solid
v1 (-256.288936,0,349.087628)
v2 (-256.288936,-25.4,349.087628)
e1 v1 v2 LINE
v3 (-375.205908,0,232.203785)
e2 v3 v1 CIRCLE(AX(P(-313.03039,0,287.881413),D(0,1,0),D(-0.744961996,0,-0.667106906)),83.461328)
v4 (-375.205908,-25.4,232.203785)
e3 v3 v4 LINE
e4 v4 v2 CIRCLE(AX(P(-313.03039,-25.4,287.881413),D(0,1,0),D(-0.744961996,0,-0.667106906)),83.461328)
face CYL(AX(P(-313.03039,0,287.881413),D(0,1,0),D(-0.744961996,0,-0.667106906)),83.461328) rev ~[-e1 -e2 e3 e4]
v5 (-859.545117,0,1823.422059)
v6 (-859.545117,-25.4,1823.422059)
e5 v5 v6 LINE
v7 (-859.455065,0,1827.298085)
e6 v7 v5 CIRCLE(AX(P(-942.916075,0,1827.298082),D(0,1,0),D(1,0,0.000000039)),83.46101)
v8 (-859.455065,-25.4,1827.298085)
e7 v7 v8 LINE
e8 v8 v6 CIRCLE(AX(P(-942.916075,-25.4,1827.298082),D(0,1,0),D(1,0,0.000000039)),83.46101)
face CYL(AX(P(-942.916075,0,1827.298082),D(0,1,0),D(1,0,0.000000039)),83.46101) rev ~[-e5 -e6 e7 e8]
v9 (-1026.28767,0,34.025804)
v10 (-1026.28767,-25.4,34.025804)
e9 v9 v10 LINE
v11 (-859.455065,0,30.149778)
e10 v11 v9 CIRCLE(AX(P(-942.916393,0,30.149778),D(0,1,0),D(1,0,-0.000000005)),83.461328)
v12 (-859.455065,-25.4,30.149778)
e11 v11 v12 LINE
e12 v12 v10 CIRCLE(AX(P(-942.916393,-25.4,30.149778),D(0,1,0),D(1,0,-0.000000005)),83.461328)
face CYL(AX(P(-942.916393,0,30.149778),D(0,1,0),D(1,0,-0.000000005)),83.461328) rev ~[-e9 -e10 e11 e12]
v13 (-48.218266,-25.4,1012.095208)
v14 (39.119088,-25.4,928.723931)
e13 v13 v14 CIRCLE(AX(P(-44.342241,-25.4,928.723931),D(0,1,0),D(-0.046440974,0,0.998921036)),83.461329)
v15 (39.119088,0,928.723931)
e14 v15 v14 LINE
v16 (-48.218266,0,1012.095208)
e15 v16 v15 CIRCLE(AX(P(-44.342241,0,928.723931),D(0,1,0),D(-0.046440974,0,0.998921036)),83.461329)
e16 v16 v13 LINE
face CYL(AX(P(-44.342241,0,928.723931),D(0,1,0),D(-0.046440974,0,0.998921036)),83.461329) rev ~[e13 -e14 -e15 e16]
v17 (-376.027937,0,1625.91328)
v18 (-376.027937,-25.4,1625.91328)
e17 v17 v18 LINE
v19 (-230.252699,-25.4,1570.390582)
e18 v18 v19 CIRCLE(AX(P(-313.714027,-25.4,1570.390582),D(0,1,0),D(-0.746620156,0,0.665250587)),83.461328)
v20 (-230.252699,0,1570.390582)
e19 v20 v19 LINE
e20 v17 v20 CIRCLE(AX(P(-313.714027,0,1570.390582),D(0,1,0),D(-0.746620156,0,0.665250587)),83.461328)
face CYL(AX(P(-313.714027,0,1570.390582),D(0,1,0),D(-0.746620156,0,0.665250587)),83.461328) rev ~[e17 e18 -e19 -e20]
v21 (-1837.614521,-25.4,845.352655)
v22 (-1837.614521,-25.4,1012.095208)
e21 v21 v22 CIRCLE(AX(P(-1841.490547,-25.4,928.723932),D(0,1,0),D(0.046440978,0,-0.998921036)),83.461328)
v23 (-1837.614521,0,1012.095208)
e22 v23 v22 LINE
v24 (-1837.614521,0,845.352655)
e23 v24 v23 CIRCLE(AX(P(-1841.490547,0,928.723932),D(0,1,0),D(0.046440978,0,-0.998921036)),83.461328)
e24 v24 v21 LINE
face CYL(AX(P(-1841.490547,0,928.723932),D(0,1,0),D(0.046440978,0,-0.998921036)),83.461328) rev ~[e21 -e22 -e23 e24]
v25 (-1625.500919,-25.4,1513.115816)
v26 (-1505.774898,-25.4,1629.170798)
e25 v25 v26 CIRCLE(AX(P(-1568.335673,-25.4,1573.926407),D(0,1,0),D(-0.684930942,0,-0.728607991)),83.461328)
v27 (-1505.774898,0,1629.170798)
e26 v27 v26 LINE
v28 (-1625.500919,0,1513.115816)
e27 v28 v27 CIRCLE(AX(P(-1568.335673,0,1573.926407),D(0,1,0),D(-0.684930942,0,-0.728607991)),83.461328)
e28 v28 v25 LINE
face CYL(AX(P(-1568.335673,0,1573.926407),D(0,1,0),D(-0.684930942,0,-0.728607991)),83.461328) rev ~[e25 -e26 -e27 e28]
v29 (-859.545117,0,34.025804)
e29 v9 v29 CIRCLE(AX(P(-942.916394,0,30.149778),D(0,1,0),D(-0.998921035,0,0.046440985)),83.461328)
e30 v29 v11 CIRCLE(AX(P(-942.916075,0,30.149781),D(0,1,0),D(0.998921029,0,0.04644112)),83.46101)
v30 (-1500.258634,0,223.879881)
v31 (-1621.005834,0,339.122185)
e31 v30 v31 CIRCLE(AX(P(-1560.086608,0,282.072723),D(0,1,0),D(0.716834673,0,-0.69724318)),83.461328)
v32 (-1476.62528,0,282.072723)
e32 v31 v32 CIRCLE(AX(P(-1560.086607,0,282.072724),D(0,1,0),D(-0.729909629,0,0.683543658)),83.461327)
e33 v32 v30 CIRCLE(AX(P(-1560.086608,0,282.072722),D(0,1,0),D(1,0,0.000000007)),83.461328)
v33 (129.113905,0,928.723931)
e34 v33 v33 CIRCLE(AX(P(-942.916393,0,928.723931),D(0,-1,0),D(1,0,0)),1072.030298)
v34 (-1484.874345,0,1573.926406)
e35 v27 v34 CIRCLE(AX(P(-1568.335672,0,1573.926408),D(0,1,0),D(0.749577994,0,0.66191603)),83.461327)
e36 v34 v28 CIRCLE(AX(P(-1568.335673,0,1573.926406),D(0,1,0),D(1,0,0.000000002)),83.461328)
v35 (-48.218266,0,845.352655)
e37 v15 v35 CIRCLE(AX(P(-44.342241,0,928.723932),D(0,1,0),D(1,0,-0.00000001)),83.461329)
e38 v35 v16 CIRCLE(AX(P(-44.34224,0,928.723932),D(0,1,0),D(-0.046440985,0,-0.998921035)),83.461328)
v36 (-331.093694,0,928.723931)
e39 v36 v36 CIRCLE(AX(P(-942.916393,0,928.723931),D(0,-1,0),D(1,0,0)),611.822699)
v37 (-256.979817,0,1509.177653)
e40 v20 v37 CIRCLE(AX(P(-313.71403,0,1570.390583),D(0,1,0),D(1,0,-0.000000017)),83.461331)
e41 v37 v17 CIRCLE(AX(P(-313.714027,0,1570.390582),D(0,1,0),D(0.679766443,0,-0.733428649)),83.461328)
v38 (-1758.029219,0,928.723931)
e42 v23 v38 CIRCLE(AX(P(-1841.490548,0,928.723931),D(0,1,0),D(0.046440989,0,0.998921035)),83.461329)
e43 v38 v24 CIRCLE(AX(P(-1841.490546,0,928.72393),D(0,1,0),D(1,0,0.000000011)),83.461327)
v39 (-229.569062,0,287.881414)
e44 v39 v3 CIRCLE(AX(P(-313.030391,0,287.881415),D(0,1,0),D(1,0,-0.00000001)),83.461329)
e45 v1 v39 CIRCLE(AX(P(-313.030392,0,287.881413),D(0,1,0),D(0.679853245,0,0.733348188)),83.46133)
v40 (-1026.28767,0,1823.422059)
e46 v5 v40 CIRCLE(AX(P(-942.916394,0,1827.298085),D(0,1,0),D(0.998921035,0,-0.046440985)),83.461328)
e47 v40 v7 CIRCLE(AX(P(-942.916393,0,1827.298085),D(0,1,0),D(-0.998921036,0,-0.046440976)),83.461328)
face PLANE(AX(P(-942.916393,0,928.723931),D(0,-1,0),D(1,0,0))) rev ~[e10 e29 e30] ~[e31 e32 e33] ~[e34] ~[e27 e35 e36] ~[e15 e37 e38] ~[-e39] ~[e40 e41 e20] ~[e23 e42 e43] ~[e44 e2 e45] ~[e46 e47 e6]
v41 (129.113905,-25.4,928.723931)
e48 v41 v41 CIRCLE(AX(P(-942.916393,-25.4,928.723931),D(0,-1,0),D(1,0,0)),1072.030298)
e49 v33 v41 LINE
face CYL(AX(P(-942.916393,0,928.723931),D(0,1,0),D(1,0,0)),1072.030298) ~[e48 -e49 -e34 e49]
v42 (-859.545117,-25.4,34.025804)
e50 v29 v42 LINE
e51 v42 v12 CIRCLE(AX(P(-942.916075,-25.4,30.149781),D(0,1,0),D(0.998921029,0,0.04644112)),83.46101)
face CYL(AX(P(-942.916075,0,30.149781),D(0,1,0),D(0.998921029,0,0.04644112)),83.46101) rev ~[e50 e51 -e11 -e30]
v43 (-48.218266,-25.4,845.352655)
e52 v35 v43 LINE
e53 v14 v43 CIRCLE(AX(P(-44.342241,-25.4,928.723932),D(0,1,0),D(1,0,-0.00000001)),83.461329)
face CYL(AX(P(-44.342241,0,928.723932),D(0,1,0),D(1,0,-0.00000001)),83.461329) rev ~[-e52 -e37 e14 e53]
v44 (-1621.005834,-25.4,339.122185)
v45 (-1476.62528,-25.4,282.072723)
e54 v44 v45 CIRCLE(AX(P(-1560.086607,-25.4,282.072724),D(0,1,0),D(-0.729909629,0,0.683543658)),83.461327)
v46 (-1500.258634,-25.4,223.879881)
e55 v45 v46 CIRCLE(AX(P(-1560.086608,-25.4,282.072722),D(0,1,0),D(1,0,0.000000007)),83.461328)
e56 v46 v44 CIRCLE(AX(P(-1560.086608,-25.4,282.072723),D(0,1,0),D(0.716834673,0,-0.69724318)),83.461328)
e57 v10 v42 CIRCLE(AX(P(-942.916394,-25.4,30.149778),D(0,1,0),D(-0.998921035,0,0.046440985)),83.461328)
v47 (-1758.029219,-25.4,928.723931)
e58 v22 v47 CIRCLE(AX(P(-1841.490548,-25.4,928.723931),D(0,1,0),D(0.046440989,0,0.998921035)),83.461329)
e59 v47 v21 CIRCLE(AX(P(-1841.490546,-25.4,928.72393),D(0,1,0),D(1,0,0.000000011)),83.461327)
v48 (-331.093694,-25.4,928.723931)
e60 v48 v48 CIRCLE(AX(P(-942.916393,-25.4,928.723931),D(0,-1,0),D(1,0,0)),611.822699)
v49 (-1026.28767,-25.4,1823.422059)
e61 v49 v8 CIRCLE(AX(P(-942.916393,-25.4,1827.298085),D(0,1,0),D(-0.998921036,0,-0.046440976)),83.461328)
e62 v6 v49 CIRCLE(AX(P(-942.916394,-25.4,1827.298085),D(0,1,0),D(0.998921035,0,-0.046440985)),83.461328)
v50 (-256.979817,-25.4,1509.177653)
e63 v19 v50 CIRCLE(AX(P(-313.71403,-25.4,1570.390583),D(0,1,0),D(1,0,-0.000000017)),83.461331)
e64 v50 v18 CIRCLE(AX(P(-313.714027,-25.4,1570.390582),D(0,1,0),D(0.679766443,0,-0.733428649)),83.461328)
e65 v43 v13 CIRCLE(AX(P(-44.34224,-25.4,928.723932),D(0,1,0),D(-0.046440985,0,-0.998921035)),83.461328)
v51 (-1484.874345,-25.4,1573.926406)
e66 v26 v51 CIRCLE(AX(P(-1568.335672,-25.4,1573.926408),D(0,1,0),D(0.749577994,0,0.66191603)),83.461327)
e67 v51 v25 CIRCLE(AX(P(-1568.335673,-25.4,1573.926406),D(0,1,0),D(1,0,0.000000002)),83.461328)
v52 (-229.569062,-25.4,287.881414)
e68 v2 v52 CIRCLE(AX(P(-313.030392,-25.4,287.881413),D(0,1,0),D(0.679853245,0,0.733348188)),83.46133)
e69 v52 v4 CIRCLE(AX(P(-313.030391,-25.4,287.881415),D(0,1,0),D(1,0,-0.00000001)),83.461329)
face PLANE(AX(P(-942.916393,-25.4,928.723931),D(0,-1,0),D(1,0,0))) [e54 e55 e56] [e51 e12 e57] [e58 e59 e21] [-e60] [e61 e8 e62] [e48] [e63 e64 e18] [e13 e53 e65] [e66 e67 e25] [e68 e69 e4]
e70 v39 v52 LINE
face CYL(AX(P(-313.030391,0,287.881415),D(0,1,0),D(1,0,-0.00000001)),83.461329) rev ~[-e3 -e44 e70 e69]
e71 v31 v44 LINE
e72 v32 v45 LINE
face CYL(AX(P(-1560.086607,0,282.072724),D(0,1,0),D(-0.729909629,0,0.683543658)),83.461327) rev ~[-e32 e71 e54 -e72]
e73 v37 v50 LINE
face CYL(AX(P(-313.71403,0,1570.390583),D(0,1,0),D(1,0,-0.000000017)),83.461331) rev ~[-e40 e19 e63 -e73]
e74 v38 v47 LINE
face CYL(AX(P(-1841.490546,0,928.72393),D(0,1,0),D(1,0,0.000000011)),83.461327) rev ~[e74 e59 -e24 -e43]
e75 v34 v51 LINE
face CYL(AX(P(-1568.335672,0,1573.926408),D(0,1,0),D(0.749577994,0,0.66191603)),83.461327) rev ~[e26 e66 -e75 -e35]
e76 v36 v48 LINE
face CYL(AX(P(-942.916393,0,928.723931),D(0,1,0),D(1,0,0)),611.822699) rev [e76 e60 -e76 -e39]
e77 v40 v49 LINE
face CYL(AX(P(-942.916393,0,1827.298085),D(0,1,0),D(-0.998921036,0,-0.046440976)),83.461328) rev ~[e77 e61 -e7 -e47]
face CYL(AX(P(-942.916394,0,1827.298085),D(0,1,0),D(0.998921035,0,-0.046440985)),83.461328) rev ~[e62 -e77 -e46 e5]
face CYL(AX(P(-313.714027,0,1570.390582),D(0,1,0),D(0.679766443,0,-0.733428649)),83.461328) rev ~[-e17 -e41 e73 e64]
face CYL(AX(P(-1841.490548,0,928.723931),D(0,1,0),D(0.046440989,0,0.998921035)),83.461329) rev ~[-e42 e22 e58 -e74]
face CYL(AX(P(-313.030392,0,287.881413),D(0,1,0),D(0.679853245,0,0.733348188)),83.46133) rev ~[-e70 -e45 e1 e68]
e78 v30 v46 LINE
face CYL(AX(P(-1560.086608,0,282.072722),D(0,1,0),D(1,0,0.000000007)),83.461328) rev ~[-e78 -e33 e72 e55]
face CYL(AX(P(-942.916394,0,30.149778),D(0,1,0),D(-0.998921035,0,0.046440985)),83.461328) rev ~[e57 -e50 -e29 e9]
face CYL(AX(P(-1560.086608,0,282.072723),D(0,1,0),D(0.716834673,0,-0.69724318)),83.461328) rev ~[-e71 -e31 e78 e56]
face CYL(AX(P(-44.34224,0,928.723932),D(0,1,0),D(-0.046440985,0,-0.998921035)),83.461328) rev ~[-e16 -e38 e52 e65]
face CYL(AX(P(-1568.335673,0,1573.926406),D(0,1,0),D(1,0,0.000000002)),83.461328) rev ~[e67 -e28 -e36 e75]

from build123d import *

# Parameters (mm, degrees)
F0_R     = 1072.030298
F0_R_2   = 611.822699
F1_DEPTH = 25.4


with BuildPart() as f1:
    # F0 (on Front) → F1 (new body)
    with BuildSketch(Plane.XZ):
        with Locations((-942.916393, 928.723931)):
            Circle(F0_R)
        with BuildLine():
            ThreePointArc((-256.979817, 1509.177653), (-114.439323, 1276.662508), (-48.218266, 1012.095208))
            ThreePointArc((-48.218266, 1012.095208), (13.287158, 989.094833), (39.119088, 928.723931))
            ThreePointArc((39.119088, 928.723931), (13.287158, 868.35303), (-48.218266, 845.352655))
            ThreePointArc((-48.218266, 845.352655), (-114.232258, 581.278808), (-256.288936, 349.087628))
            ThreePointArc((-256.288936, 349.087628), (-236.540161, 321.2736), (-229.569062, 287.881414))
            ThreePointArc((-229.569062, 287.881414), (-283.226515, 209.922949), (-375.205908, 232.203785))
            ThreePointArc((-375.205908, 232.203785), (-602.629025, 97.074957), (-859.545117, 34.025804))
            ThreePointArc((-859.545117, 34.025804), (-859.477581, 32.088314), (-859.455065, 30.149778))
            ThreePointArc((-859.455065, 30.149778), (-944.854929, -53.289034), (-1026.28767, 34.025804))
            ThreePointArc((-1026.28767, 34.025804), (-1277.041513, 94.580111), (-1500.258634, 223.879881))
            ThreePointArc((-1500.258634, 223.879881), (-1617.710343, 221.696416), (-1621.005834, 339.122185))
            ThreePointArc((-1621.005834, 339.122185), (-1769.041388, 575.237011), (-1837.614521, 845.352655))
            ThreePointArc((-1837.614521, 845.352655), (-1924.951875, 928.723931), (-1837.614521, 1012.095208))
            ThreePointArc((-1837.614521, 1012.095208), (-1770.388782, 1279.045148), (-1625.500919, 1513.115816))
            ThreePointArc((-1625.500919, 1513.115816), (-1626.425841, 1633.854077), (-1505.774898, 1629.170798))
            ThreePointArc((-1505.774898, 1629.170798), (-1280.313223, 1761.549777), (-1026.28767, 1823.422059))
            ThreePointArc((-1026.28767, 1823.422059), (-944.854929, 1910.736897), (-859.455065, 1827.298085))
            ThreePointArc((-859.455065, 1827.298085), (-859.477581, 1825.359549), (-859.545117, 1823.422059))
            ThreePointArc((-859.545117, 1823.422059), (-603.119602, 1760.573467), (-376.027937, 1625.91328))
            ThreePointArc((-376.027937, 1625.91328), (-284.007196, 1648.386079), (-230.252699, 1570.390582))
            ThreePointArc((-230.252699, 1570.390582), (-237.225774, 1536.99387), (-256.979817, 1509.177653))
        make_face(mode=Mode.SUBTRACT)
        with BuildLine():
            ThreePointArc((-48.218266, 845.352655), (-127.803568, 928.723931), (-48.218266, 1012.095208))
            ThreePointArc((-48.218266, 1012.095208), (-114.439323, 1276.662508), (-256.979817, 1509.177653))
            ThreePointArc((-256.979817, 1509.177653), (-372.148477, 1510.798566), (-376.027937, 1625.91328))
            ThreePointArc((-376.027937, 1625.91328), (-603.119602, 1760.573467), (-859.545117, 1823.422059))
            ThreePointArc((-859.545117, 1823.422059), (-942.916393, 1743.836757), (-1026.28767, 1823.422059))
            ThreePointArc((-1026.28767, 1823.422059), (-1280.313223, 1761.549777), (-1505.774898, 1629.170798))
            ThreePointArc((-1505.774898, 1629.170798), (-1490.274163, 1603.459337), (-1484.874345, 1573.926406))
            ThreePointArc((-1484.874345, 1573.926406), (-1535.209355, 1497.32066), (-1625.500919, 1513.115816))
            ThreePointArc((-1625.500919, 1513.115816), (-1770.388782, 1279.045148), (-1837.614521, 1012.095208))
            ThreePointArc((-1837.614521, 1012.095208), (-1781.119645, 986.353329), (-1758.029219, 928.723931))
            ThreePointArc((-1758.029219, 928.723931), (-1781.119645, 871.094533), (-1837.614521, 845.352655))
            ThreePointArc((-1837.614521, 845.352655), (-1769.041388, 575.237011), (-1621.005834, 339.122185))
            ThreePointArc((-1621.005834, 339.122185), (-1529.415826, 359.694218), (-1476.62528, 282.072723))
            ThreePointArc((-1476.62528, 282.072723), (-1482.759008, 250.668335), (-1500.258634, 223.879881))
            ThreePointArc((-1500.258634, 223.879881), (-1277.041513, 94.580111), (-1026.28767, 34.025804))
            ThreePointArc((-1026.28767, 34.025804), (-942.916393, 113.611106), (-859.545117, 34.025804))
            ThreePointArc((-859.545117, 34.025804), (-602.629025, 97.074957), (-375.205908, 232.203785))
            ThreePointArc((-375.205908, 232.203785), (-371.535437, 347.404122), (-256.288936, 349.087628))
            ThreePointArc((-256.288936, 349.087628), (-114.232258, 581.278808), (-48.218266, 845.352655))
        make_face()
        with Locations((-942.916393, 928.723931)):
            Circle(F0_R_2, mode=Mode.SUBTRACT)
    extrude(amount=F1_DEPTH)


solid = f1.part
